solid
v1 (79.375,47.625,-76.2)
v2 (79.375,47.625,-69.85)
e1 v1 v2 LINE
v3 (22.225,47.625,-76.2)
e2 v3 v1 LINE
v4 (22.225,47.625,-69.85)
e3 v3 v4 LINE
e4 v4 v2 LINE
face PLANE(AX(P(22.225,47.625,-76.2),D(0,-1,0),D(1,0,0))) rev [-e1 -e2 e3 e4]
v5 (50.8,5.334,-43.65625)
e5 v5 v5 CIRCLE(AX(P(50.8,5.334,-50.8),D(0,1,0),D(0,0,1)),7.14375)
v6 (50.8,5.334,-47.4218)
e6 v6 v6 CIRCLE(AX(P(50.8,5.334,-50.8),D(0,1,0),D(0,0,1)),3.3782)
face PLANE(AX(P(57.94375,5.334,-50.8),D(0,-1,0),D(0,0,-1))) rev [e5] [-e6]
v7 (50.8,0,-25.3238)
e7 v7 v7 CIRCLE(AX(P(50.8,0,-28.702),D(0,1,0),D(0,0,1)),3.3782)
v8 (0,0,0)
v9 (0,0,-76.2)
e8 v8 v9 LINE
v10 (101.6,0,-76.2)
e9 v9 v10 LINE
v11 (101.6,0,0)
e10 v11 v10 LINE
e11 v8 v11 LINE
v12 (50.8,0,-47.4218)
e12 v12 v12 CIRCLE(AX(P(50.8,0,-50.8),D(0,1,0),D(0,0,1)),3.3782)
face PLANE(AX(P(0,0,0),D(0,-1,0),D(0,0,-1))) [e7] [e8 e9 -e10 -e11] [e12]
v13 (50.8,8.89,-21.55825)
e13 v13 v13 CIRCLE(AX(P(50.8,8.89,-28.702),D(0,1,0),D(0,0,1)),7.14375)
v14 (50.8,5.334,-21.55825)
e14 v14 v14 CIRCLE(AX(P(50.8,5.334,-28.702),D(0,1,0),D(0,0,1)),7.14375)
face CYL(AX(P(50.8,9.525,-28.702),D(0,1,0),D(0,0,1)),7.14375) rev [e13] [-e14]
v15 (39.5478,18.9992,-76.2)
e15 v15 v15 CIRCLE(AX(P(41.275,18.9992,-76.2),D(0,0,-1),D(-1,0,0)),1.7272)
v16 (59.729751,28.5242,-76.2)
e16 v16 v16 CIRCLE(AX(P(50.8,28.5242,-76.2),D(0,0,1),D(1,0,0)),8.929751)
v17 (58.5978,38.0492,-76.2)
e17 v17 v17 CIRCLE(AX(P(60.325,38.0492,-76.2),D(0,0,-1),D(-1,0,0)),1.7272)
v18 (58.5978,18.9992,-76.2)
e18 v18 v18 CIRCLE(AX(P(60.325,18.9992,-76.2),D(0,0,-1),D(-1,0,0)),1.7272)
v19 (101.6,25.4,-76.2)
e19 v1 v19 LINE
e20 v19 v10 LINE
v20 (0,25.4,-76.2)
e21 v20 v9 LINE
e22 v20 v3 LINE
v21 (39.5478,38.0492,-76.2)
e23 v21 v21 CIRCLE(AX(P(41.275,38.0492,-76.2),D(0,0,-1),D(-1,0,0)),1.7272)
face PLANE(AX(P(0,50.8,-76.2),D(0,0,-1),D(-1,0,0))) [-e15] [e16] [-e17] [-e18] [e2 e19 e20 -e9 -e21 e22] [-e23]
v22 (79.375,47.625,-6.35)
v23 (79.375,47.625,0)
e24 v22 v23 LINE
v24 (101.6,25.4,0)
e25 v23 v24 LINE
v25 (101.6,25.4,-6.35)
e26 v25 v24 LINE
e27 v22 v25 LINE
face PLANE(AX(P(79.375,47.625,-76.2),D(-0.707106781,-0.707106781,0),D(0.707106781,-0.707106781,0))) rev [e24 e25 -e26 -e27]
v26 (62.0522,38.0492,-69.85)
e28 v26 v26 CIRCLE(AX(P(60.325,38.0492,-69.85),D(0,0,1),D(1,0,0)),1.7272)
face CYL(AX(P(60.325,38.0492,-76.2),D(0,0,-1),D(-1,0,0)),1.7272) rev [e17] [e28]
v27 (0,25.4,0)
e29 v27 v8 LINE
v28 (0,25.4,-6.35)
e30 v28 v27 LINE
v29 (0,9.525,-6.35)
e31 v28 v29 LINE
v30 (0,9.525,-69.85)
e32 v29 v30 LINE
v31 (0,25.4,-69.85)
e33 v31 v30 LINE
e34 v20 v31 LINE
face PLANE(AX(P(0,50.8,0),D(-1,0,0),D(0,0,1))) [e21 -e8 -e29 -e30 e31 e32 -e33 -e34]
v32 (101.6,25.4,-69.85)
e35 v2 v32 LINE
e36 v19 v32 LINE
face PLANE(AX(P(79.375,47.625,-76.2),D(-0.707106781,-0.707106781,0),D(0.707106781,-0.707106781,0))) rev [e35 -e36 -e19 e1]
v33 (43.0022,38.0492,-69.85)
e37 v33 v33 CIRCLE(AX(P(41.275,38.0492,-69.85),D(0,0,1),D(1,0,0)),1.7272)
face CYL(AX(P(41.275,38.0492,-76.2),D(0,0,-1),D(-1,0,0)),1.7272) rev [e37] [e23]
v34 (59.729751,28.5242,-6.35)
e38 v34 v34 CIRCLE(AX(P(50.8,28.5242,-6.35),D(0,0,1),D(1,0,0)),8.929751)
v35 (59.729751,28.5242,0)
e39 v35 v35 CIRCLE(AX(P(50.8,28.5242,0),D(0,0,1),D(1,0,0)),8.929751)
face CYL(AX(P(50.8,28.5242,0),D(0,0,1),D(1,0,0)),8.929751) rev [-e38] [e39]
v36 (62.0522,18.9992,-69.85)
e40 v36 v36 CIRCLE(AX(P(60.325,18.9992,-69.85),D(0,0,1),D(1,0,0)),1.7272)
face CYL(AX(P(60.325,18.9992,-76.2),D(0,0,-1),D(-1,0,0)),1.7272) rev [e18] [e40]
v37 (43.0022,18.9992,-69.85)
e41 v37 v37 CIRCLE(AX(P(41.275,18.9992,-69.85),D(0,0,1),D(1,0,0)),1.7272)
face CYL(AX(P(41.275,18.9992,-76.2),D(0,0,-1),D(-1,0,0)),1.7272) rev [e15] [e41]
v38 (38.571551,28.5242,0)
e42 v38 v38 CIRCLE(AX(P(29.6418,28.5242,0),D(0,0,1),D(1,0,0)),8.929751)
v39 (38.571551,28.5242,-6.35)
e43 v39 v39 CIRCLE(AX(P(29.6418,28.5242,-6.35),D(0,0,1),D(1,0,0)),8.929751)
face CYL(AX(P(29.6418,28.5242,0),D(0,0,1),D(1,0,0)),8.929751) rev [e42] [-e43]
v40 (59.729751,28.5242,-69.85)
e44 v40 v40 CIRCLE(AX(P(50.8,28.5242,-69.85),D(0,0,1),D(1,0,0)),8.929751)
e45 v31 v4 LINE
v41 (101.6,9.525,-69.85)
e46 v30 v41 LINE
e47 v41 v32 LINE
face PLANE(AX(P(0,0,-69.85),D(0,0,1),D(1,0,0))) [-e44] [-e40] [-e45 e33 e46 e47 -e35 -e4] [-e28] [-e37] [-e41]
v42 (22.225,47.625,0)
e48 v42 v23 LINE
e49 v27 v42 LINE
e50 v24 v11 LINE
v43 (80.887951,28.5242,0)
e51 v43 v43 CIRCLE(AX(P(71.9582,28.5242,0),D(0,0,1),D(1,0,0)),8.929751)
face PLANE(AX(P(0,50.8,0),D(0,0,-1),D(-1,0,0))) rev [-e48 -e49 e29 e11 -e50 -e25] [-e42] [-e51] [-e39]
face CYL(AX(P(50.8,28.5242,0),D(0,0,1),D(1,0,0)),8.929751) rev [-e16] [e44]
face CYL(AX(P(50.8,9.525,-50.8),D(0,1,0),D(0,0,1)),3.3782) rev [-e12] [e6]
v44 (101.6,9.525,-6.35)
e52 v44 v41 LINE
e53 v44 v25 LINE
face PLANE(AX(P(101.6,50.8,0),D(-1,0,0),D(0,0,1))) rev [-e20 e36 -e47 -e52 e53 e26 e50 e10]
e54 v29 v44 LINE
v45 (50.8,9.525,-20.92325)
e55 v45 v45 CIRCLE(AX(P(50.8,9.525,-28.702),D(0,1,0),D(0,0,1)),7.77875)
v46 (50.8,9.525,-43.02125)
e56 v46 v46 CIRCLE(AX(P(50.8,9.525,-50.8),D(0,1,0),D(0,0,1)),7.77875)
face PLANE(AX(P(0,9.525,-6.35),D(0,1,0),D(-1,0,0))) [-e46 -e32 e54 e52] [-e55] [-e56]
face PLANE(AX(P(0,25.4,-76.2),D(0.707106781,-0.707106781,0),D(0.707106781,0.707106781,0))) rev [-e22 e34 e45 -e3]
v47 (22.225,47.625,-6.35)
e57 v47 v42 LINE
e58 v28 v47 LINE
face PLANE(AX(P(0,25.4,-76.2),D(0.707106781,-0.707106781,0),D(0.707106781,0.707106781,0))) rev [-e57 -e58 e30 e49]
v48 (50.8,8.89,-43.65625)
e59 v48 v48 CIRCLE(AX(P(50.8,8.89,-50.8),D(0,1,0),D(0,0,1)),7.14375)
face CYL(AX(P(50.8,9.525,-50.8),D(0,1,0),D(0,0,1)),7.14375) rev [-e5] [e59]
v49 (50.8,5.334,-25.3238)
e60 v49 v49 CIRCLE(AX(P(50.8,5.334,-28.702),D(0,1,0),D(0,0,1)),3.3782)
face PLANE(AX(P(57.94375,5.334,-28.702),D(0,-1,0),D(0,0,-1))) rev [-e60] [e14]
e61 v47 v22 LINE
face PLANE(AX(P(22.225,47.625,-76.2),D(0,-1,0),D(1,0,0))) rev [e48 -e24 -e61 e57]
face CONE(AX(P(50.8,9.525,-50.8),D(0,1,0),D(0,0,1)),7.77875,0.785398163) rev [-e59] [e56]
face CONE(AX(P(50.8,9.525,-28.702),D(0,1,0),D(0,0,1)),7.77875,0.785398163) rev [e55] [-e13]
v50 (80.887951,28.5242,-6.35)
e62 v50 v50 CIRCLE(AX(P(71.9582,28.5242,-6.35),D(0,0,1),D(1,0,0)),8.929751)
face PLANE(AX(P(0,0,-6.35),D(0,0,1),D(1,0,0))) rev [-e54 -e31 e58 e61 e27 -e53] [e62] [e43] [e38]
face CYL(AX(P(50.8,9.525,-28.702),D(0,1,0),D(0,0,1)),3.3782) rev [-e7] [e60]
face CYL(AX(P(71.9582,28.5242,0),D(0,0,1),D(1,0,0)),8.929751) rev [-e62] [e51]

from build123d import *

# Parameters (mm, degrees)
SKETCH1_W                                    = 101.6
SKETCH1_H                                    = 76.2
BOSS_EXTRUDE1_DEPTH                          = 50.8
CUT_EXTRUDE1_DEPTH                           = 31.75
CUT_EXTRUDE1_DEPTH_BACK                      = 31.75
SKETCH9_W                                    = 101.6
SKETCH9_H                                    = 41.275
F_45_64_0_70313_DIAMETER_HOLE1_D             = 17.859502
F_45_64_0_70313_DIAMETER_HOLE2_D             = 17.859502
F_45_64_0_70313_DIAMETER_HOLE2_DEPTH         = 25.4
F_45_64_0_70313_DIAMETER_HOLE2_TIP           = 5.365535714
CBORE_FOR_1_4_BINDING_HEAD_MACHINE_S_2_COUNT = 2
CBORE_FOR_1_4_BINDING_HEAD_MACHINE_S_2_PITCH = 22.098
CUT_EXTRUDE3_DEPTH                           = 137.783186101
F_8_32_TAPPED_HOLE1_D                        = 3.4544
F_8_32_TAPPED_HOLE1_DEPTH                    = 6.35


with BuildPart() as part:
    # Sketch1 → Boss-Extrude1 (new body)
    with BuildSketch(Plane(origin=(0, 0, 0), x_dir=(1, 0, 0), z_dir=(0, 1, 0))):
        with Locations((50.8, 38.1)):
            Rectangle(SKETCH1_W, SKETCH1_H)
    extrude(amount=BOSS_EXTRUDE1_DEPTH)

    # Sketch9 → Cut-Extrude1 (cut, two sides: drawn at the far end of the back side and taken through both)
    with BuildSketch(Plane.XY.offset(-38.1).offset(-CUT_EXTRUDE1_DEPTH_BACK)):
        with Locations((50.8, 30.1625)):
            Rectangle(SKETCH9_W, SKETCH9_H)
    extrude(amount=CUT_EXTRUDE1_DEPTH + CUT_EXTRUDE1_DEPTH_BACK, mode=Mode.SUBTRACT)

    # 45/64 (0.70313) Diameter Hole1 (through all)
    with Locations(Plane.XY):
        with Locations((50.8, 28.5242)):
            Hole(F_45_64_0_70313_DIAMETER_HOLE1_D / 2)

    # 45/64 (0.70313) Diameter Hole2
    with Locations(Plane.XY):
        with Locations((29.6418, 28.5242), (71.9582, 28.5242)):
            Hole(F_45_64_0_70313_DIAMETER_HOLE2_D / 2, depth=F_45_64_0_70313_DIAMETER_HOLE2_DEPTH)
            with Locations((0, 0, -(F_45_64_0_70313_DIAMETER_HOLE2_DEPTH + F_45_64_0_70313_DIAMETER_HOLE2_TIP / 2))):  # 118° drill point
                Cone(0, F_45_64_0_70313_DIAMETER_HOLE2_D / 2, F_45_64_0_70313_DIAMETER_HOLE2_TIP, mode=Mode.SUBTRACT)

    # Sketch14 → CBORE for 1/4 Binding Head Machine Screw1 (revolve, cut)
    with BuildSketch(Plane(origin=(50.8, 9.525, -50.8), x_dir=(0, 0, 1), z_dir=(1, 0, 0))):
        Polygon((0, 0), (0, 9.525), (3.3782, 9.525), (3.3782, 4.191), (7.14375, 4.191), (7.14375, 0.635), (7.77875, 0), align=None)
    cbore_for_1_4_binding_head_machine_screw = revolve(axis=Axis((50.8, 15.875, -50.8), (0, -1, 0)), mode=Mode.SUBTRACT)

    # CBORE for 1_4 Binding Head Machine S 2: CBORE for 1/4 Binding Head Machine Screw1 ×2
    with Locations(*[(0, 0, i * CBORE_FOR_1_4_BINDING_HEAD_MACHINE_S_2_PITCH) for i in range(1, CBORE_FOR_1_4_BINDING_HEAD_MACHINE_S_2_COUNT)]):
        add(cbore_for_1_4_binding_head_machine_screw, mode=Mode.SUBTRACT)

    # Sketch17 → Cut-Extrude3 (cut, through all)
    with BuildSketch(Plane.XY):
        Polygon((0, 25.4), (22.225, 47.625), (79.375, 47.625), (101.6, 25.4), (101.6, 50.8), (0, 50.8), align=None)
    extrude(amount=-CUT_EXTRUDE3_DEPTH, mode=Mode.SUBTRACT)

    # #8-32 Tapped Hole1
    with Locations(Plane(origin=(0, 0, -76.2), x_dir=(-1, 0, 0), z_dir=(0, 0, -1))):
        with Locations((-41.275, 38.0492), (-60.325, 18.9992), (-60.325, 38.0492), (-41.275, 18.9992)):
            Hole(F_8_32_TAPPED_HOLE1_D / 2, depth=F_8_32_TAPPED_HOLE1_DEPTH)


solid = part.part
